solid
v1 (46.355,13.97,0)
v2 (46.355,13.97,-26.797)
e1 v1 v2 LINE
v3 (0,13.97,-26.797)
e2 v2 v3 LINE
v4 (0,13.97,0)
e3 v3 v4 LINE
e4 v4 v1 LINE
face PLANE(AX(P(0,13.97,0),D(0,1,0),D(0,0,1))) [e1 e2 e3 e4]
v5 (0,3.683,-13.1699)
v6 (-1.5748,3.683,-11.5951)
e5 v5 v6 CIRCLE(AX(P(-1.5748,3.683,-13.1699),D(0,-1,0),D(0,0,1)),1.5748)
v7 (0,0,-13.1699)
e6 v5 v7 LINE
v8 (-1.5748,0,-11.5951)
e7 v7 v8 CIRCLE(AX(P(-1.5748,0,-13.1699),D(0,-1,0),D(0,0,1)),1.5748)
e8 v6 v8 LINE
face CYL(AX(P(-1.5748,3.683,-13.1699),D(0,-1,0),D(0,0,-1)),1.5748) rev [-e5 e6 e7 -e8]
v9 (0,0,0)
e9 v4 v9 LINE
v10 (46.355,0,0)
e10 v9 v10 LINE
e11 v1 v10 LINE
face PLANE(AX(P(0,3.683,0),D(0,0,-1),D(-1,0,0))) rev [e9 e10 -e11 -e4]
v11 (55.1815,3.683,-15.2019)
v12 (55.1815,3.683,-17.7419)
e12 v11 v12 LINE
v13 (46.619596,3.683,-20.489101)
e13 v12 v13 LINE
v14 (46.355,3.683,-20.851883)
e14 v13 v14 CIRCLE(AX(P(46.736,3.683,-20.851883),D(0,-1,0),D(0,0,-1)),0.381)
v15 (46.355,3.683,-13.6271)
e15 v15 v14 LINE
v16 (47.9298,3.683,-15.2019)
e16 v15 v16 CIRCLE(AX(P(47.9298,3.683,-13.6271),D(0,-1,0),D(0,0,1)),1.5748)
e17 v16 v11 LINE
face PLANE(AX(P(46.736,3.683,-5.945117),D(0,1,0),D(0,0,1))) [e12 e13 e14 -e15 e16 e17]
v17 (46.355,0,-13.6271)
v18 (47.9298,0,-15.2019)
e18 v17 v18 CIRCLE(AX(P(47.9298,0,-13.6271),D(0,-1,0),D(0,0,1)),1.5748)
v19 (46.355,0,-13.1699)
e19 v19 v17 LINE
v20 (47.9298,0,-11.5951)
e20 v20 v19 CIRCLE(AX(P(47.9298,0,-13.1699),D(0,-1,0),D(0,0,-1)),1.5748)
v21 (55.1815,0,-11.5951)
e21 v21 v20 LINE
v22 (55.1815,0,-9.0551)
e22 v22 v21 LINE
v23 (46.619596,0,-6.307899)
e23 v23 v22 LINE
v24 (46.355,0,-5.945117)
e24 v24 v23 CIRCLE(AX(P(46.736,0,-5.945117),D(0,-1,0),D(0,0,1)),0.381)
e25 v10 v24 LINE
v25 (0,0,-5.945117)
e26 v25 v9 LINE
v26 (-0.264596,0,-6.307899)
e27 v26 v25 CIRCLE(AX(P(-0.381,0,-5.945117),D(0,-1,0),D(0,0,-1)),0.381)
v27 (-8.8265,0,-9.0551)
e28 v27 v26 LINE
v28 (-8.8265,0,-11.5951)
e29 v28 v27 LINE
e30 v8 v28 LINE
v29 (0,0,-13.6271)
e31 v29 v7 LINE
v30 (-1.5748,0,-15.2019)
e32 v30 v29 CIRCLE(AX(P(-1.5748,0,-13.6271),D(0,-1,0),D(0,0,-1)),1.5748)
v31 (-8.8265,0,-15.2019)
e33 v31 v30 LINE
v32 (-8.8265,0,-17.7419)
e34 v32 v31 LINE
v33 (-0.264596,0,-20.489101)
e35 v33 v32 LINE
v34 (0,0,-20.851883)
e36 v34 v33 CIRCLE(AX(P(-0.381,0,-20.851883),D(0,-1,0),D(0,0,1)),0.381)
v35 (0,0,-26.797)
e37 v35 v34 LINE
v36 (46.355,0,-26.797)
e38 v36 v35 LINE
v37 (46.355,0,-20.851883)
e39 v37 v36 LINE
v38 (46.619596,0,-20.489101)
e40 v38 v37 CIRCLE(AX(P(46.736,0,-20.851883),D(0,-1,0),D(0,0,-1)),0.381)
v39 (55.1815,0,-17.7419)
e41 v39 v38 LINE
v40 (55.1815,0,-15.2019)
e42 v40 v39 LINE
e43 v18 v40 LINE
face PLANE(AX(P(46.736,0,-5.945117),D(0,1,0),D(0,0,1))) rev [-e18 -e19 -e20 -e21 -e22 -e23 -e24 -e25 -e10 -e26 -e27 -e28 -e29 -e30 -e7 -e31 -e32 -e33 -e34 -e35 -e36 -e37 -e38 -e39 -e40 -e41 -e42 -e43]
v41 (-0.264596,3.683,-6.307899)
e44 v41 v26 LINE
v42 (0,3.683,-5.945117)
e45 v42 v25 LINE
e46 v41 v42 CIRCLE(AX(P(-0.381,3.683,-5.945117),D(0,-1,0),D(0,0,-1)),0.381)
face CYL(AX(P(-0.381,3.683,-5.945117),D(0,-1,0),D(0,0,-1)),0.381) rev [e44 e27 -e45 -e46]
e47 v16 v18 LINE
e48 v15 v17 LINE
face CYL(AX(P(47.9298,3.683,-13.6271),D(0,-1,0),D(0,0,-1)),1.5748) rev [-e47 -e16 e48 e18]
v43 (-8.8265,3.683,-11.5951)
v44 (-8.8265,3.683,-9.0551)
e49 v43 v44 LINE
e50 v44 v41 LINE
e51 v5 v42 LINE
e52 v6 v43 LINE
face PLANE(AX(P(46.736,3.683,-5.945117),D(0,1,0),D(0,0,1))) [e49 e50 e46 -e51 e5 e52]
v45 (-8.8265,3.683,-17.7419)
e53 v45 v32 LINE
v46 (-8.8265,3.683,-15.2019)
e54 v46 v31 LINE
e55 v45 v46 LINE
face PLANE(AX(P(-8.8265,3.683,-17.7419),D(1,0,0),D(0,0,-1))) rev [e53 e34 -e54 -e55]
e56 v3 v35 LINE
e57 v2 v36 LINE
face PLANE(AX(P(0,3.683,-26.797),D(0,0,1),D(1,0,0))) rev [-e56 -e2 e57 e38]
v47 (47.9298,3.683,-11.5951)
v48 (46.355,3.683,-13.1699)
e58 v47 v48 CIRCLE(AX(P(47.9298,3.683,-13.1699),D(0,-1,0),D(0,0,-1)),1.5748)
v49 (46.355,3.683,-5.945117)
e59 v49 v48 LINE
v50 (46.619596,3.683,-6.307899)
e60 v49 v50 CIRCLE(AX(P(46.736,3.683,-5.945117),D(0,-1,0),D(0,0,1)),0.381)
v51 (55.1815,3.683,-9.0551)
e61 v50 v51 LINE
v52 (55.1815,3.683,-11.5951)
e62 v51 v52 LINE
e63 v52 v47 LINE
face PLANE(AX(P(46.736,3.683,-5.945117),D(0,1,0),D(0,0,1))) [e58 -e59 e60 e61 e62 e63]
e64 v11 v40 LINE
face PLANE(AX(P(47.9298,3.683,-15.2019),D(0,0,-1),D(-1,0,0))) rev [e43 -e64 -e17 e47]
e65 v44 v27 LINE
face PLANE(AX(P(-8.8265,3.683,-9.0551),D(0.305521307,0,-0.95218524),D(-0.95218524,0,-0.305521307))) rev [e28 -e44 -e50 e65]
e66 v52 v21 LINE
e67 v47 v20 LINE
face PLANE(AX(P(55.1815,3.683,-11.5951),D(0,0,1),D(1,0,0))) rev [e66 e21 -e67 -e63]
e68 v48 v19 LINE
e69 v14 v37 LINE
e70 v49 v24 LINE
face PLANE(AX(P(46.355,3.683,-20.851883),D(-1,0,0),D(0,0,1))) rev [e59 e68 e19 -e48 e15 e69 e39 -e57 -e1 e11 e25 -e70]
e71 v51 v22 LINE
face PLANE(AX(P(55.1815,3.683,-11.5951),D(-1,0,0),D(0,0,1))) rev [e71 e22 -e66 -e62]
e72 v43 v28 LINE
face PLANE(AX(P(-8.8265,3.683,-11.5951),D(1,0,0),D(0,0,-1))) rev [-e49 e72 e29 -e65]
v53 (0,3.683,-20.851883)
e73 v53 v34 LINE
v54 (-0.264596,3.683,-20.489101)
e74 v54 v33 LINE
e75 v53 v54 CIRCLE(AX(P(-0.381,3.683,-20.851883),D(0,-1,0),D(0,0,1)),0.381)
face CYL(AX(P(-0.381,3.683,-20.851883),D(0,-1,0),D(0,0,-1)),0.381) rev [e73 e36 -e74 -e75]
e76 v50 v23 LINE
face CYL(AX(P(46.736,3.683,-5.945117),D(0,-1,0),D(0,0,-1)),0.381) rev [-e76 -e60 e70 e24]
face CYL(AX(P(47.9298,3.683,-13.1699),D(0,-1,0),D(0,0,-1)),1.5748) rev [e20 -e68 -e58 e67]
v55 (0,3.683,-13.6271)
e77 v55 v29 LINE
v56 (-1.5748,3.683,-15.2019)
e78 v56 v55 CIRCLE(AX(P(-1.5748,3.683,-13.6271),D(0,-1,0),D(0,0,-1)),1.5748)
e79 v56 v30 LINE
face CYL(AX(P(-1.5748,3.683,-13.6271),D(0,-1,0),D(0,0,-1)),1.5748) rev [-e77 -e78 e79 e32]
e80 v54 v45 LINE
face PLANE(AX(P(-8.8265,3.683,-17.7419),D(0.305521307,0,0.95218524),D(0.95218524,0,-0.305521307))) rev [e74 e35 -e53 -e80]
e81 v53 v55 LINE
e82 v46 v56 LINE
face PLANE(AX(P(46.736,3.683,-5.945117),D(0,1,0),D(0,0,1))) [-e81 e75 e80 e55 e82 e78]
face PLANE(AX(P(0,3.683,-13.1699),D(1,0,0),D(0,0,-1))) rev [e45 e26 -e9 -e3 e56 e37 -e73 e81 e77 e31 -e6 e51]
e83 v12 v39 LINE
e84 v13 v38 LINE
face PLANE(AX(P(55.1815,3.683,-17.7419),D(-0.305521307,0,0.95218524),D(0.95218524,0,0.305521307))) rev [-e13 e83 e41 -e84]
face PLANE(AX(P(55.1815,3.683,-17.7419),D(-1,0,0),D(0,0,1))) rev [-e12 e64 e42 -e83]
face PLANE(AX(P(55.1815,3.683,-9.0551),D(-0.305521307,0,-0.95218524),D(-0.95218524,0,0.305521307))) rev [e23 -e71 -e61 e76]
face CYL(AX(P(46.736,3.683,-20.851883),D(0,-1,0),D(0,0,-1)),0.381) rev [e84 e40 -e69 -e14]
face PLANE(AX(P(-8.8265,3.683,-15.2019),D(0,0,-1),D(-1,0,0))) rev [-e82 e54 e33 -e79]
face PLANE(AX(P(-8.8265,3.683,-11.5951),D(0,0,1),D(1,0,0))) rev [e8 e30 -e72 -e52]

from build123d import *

# Parameters (mm, degrees)
BOSS_EXTRUDE1_DEPTH = 3.683
SKETCH2_W           = 46.355
SKETCH2_H           = 26.797
BOSS_EXTRUDE2_DEPTH = 10.287


with BuildPart() as part:
    # Sketch1 → Boss-Extrude1 (new body)
    with BuildSketch(Plane(origin=(0, 0, 0), x_dir=(1, 0, 0), z_dir=(0, 1, 0))):
        with BuildLine():
            Line((0, 0), (46.355, 0))
            Line((46.355, 0), (46.355, 5.945116694))
            ThreePointArc((46.355, 5.945116694), (46.428176367, 6.169628633), (46.619596382, 6.307899271))
            Line((46.619596382, 6.307899271), (55.1815, 9.0551))
            Line((55.1815, 9.0551), (55.1815, 11.5951))
            Line((55.1815, 11.5951), (47.9298, 11.5951))
            ThreePointArc((47.9298, 11.5951), (46.816248241, 12.056348241), (46.355, 13.1699))
            Line((46.355, 13.1699), (46.355, 13.6271))
            ThreePointArc((46.355, 13.6271), (46.816248241, 14.740651759), (47.9298, 15.2019))
            Line((47.9298, 15.2019), (55.1815, 15.2019))
            Line((55.1815, 15.2019), (55.1815, 17.7419))
            Line((55.1815, 17.7419), (46.619596382, 20.489100729))
            ThreePointArc((46.619596382, 20.489100729), (46.428176367, 20.627371367), (46.355, 20.851883306))
            Line((46.355, 20.851883306), (46.355, 26.797))
            Line((46.355, 26.797), (0, 26.797))
            Line((0, 26.797), (0, 20.851883306))
            ThreePointArc((0, 20.851883306), (-0.073176367, 20.627371367), (-0.264596382, 20.489100729))
            Line((-0.264596382, 20.489100729), (-8.8265, 17.7419))
            Line((-8.8265, 17.7419), (-8.8265, 15.2019))
            Line((-8.8265, 15.2019), (-1.5748, 15.2019))
            ThreePointArc((-1.5748, 15.2019), (-0.461248241, 14.740651759), (0, 13.6271))
            Line((0, 13.6271), (0, 13.1699))
            ThreePointArc((0, 13.1699), (-0.461248241, 12.056348241), (-1.5748, 11.5951))
            Line((-1.5748, 11.5951), (-8.8265, 11.5951))
            Line((-8.8265, 11.5951), (-8.8265, 9.0551))
            Line((-8.8265, 9.0551), (-0.264596382, 6.307899271))
            ThreePointArc((-0.264596382, 6.307899271), (-0.073176367, 6.169628633), (0, 5.945116694))
            Line((0, 5.945116694), (0, 0))
        make_face()
    extrude(amount=BOSS_EXTRUDE1_DEPTH)

    # Sketch2 → Boss-Extrude2 (add)
    with BuildSketch(Plane(origin=(0, 3.683, 0), x_dir=(1, 0, 0), z_dir=(0, 1, 0))):
        with Locations((23.1775, 13.3985)):
            Rectangle(SKETCH2_W, SKETCH2_H)
    extrude(amount=BOSS_EXTRUDE2_DEPTH)


solid = part.part
